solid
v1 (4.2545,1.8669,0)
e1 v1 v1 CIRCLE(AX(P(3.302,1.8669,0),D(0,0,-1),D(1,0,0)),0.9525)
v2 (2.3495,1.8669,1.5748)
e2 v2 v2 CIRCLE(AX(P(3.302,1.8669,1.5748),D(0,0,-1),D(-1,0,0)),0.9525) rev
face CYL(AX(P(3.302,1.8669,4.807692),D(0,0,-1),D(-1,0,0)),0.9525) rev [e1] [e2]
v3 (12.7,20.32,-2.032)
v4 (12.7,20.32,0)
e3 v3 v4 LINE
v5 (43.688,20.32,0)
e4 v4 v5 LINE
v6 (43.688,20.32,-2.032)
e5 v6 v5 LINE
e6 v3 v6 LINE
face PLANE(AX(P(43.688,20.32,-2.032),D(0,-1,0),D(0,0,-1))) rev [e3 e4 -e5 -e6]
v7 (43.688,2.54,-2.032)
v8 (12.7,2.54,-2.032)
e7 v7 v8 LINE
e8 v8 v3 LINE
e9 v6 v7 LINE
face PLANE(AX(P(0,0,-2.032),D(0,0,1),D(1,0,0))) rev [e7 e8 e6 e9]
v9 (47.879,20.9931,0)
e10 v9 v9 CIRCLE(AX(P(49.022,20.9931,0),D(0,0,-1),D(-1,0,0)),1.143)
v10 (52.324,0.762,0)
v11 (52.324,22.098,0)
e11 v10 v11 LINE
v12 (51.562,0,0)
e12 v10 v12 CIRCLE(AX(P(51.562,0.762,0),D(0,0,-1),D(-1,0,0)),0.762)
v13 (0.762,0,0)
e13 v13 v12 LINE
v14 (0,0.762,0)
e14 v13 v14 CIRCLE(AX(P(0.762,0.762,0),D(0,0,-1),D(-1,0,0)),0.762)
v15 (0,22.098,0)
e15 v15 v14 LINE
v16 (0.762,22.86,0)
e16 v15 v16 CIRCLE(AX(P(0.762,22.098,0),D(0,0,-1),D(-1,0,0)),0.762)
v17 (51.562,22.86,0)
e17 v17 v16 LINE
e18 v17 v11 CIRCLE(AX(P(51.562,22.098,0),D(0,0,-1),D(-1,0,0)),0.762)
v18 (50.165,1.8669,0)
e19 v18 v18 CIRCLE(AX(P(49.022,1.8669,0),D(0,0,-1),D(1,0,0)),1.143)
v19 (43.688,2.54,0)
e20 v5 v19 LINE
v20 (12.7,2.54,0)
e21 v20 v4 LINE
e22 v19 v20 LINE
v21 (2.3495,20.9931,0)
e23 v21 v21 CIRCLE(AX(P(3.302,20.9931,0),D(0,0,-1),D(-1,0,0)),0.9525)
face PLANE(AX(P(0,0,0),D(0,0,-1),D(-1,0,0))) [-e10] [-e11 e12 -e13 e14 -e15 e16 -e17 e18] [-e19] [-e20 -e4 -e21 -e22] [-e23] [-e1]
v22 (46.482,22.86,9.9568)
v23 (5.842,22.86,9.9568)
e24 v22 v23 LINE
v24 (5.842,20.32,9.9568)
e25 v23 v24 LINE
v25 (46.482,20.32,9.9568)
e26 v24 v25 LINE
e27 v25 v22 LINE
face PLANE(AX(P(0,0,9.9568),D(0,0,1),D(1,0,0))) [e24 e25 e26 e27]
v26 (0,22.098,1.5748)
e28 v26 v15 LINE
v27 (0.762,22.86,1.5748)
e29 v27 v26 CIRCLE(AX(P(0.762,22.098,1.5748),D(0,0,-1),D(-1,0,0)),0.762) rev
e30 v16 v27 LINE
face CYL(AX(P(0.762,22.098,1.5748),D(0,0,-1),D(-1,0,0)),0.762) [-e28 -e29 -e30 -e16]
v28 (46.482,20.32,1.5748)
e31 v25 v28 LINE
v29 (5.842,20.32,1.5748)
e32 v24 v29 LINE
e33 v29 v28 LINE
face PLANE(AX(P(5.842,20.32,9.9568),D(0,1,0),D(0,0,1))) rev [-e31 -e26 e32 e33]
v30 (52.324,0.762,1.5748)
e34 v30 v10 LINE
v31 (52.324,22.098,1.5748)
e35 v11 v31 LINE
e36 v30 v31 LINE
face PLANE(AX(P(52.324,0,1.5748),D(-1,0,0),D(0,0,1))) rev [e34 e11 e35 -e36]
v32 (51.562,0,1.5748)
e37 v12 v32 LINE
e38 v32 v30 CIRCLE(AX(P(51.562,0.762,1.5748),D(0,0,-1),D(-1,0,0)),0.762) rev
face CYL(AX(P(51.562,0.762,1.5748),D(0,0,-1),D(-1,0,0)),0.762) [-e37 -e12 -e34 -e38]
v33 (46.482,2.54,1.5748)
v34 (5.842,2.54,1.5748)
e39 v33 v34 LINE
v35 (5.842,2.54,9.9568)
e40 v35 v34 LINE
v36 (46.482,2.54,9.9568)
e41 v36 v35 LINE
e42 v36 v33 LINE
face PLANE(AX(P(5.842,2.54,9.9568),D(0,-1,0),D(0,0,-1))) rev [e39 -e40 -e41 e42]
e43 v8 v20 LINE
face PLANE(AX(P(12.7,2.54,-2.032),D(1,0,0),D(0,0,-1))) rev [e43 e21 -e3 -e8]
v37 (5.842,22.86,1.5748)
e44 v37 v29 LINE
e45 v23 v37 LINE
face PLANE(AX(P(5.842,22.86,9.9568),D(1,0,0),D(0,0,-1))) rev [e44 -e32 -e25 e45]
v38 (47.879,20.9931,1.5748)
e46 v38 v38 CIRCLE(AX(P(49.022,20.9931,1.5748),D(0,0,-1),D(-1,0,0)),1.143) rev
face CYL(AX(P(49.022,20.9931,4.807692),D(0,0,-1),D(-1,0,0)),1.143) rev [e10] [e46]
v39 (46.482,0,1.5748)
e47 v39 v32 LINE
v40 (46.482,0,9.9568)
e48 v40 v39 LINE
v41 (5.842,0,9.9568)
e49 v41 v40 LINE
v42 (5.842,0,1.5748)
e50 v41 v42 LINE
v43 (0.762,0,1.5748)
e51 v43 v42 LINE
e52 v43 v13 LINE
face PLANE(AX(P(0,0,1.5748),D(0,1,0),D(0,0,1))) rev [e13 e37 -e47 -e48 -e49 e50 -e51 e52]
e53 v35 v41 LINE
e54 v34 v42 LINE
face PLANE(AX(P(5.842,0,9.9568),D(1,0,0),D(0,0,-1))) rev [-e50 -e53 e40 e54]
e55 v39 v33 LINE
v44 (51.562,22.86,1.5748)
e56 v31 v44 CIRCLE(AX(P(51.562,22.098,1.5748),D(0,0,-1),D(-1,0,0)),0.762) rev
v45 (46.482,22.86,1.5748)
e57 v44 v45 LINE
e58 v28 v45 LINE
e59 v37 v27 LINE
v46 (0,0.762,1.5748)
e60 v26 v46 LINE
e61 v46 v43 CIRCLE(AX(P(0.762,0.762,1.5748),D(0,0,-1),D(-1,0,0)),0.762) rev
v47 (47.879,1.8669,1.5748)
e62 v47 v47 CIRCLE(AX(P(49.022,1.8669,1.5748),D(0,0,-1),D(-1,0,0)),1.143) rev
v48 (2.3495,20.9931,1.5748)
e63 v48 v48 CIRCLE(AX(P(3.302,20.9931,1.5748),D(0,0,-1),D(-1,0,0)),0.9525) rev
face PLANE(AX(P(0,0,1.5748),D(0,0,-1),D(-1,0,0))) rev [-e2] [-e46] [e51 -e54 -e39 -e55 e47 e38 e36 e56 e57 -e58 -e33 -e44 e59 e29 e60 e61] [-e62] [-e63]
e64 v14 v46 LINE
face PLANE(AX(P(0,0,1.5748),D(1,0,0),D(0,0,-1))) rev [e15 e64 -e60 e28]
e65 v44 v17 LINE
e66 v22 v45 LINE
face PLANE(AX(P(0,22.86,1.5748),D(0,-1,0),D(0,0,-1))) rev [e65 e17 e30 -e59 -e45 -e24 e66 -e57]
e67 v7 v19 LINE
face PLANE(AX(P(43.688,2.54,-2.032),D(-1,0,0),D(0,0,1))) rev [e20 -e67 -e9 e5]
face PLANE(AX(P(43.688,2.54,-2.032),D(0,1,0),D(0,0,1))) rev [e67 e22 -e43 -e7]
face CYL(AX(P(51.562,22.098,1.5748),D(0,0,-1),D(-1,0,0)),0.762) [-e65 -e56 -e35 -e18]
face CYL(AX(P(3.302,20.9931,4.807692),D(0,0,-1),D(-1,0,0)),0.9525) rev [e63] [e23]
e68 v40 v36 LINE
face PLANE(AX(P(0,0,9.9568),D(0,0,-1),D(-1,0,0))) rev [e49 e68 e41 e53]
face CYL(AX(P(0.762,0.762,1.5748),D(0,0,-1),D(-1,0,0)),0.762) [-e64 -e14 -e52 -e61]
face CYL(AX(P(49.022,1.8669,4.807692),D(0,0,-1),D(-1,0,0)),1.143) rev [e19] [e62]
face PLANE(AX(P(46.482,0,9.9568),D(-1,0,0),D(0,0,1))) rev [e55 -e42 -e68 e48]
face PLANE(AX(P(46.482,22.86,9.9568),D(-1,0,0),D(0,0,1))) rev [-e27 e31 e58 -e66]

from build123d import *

# Parameters (mm, degrees)
SKETCH1_W           = 52.324
SKETCH1_H           = 22.86
BOSS_EXTRUDE1_DEPTH = 1.5748
SKETCH2_W           = 30.988
SKETCH2_H           = 17.78
BOSS_EXTRUDE2_DEPTH = 2.032
SKETCH3_W           = 40.64
SKETCH3_H           = 2.54
BOSS_EXTRUDE3_DEPTH = 8.382
FILLET1_R           = 0.762
SKETCH4_R           = 1.143
SKETCH4_R_2         = 0.9525
CUT_EXTRUDE1_DEPTH  = 1.5748


with BuildPart() as part:
    # Sketch1 → Boss-Extrude1 (new body)
    with BuildSketch(Plane.XY):
        with Locations((26.162, 11.43)):
            Rectangle(SKETCH1_W, SKETCH1_H)
    extrude(amount=BOSS_EXTRUDE1_DEPTH)

    # Sketch2 → Boss-Extrude2 (add)
    with BuildSketch(Plane(origin=(0, 0, 0), x_dir=(-1, 0, 0), z_dir=(0, 0, -1))):
        with Locations((-28.194, 11.43)):
            Rectangle(SKETCH2_W, SKETCH2_H)
    extrude(amount=BOSS_EXTRUDE2_DEPTH)

    # Sketch3 → Boss-Extrude3 (add)
    with BuildSketch(Plane.XY.offset(1.5748)):
        with Locations((26.162, 21.59)):
            Rectangle(SKETCH3_W, SKETCH3_H)
        with Locations((26.162, 1.27)):
            Rectangle(SKETCH3_W, SKETCH3_H)
    extrude(amount=BOSS_EXTRUDE3_DEPTH)

    # Fillet1
    fillet1_edges = [part.edges().sort_by_distance(p)[0] for p in [
        (0, 22.86, 0.7874),
        (52.324, 22.86, 0.7874),
        (52.324, 0, 0.7874),
        (0, 0, 0.7874),
    ]]
    fillet(fillet1_edges, radius=FILLET1_R)

    # Sketch4 → Cut-Extrude1 (cut)
    with BuildSketch(Plane(origin=(0, 0, 0), x_dir=(-1, 0, 0), z_dir=(0, 0, -1))):
        with Locations((-49.022, 20.9931)):
            Circle(SKETCH4_R)
        with Locations((-3.302, 20.9931)):
            Circle(SKETCH4_R_2)
        with Locations((-3.302, 1.8669)):
            Circle(SKETCH4_R_2)
        with Locations((-49.022, 1.8669)):
            Circle(SKETCH4_R)
    extrude(amount=-CUT_EXTRUDE1_DEPTH, mode=Mode.SUBTRACT)


solid = part.part
